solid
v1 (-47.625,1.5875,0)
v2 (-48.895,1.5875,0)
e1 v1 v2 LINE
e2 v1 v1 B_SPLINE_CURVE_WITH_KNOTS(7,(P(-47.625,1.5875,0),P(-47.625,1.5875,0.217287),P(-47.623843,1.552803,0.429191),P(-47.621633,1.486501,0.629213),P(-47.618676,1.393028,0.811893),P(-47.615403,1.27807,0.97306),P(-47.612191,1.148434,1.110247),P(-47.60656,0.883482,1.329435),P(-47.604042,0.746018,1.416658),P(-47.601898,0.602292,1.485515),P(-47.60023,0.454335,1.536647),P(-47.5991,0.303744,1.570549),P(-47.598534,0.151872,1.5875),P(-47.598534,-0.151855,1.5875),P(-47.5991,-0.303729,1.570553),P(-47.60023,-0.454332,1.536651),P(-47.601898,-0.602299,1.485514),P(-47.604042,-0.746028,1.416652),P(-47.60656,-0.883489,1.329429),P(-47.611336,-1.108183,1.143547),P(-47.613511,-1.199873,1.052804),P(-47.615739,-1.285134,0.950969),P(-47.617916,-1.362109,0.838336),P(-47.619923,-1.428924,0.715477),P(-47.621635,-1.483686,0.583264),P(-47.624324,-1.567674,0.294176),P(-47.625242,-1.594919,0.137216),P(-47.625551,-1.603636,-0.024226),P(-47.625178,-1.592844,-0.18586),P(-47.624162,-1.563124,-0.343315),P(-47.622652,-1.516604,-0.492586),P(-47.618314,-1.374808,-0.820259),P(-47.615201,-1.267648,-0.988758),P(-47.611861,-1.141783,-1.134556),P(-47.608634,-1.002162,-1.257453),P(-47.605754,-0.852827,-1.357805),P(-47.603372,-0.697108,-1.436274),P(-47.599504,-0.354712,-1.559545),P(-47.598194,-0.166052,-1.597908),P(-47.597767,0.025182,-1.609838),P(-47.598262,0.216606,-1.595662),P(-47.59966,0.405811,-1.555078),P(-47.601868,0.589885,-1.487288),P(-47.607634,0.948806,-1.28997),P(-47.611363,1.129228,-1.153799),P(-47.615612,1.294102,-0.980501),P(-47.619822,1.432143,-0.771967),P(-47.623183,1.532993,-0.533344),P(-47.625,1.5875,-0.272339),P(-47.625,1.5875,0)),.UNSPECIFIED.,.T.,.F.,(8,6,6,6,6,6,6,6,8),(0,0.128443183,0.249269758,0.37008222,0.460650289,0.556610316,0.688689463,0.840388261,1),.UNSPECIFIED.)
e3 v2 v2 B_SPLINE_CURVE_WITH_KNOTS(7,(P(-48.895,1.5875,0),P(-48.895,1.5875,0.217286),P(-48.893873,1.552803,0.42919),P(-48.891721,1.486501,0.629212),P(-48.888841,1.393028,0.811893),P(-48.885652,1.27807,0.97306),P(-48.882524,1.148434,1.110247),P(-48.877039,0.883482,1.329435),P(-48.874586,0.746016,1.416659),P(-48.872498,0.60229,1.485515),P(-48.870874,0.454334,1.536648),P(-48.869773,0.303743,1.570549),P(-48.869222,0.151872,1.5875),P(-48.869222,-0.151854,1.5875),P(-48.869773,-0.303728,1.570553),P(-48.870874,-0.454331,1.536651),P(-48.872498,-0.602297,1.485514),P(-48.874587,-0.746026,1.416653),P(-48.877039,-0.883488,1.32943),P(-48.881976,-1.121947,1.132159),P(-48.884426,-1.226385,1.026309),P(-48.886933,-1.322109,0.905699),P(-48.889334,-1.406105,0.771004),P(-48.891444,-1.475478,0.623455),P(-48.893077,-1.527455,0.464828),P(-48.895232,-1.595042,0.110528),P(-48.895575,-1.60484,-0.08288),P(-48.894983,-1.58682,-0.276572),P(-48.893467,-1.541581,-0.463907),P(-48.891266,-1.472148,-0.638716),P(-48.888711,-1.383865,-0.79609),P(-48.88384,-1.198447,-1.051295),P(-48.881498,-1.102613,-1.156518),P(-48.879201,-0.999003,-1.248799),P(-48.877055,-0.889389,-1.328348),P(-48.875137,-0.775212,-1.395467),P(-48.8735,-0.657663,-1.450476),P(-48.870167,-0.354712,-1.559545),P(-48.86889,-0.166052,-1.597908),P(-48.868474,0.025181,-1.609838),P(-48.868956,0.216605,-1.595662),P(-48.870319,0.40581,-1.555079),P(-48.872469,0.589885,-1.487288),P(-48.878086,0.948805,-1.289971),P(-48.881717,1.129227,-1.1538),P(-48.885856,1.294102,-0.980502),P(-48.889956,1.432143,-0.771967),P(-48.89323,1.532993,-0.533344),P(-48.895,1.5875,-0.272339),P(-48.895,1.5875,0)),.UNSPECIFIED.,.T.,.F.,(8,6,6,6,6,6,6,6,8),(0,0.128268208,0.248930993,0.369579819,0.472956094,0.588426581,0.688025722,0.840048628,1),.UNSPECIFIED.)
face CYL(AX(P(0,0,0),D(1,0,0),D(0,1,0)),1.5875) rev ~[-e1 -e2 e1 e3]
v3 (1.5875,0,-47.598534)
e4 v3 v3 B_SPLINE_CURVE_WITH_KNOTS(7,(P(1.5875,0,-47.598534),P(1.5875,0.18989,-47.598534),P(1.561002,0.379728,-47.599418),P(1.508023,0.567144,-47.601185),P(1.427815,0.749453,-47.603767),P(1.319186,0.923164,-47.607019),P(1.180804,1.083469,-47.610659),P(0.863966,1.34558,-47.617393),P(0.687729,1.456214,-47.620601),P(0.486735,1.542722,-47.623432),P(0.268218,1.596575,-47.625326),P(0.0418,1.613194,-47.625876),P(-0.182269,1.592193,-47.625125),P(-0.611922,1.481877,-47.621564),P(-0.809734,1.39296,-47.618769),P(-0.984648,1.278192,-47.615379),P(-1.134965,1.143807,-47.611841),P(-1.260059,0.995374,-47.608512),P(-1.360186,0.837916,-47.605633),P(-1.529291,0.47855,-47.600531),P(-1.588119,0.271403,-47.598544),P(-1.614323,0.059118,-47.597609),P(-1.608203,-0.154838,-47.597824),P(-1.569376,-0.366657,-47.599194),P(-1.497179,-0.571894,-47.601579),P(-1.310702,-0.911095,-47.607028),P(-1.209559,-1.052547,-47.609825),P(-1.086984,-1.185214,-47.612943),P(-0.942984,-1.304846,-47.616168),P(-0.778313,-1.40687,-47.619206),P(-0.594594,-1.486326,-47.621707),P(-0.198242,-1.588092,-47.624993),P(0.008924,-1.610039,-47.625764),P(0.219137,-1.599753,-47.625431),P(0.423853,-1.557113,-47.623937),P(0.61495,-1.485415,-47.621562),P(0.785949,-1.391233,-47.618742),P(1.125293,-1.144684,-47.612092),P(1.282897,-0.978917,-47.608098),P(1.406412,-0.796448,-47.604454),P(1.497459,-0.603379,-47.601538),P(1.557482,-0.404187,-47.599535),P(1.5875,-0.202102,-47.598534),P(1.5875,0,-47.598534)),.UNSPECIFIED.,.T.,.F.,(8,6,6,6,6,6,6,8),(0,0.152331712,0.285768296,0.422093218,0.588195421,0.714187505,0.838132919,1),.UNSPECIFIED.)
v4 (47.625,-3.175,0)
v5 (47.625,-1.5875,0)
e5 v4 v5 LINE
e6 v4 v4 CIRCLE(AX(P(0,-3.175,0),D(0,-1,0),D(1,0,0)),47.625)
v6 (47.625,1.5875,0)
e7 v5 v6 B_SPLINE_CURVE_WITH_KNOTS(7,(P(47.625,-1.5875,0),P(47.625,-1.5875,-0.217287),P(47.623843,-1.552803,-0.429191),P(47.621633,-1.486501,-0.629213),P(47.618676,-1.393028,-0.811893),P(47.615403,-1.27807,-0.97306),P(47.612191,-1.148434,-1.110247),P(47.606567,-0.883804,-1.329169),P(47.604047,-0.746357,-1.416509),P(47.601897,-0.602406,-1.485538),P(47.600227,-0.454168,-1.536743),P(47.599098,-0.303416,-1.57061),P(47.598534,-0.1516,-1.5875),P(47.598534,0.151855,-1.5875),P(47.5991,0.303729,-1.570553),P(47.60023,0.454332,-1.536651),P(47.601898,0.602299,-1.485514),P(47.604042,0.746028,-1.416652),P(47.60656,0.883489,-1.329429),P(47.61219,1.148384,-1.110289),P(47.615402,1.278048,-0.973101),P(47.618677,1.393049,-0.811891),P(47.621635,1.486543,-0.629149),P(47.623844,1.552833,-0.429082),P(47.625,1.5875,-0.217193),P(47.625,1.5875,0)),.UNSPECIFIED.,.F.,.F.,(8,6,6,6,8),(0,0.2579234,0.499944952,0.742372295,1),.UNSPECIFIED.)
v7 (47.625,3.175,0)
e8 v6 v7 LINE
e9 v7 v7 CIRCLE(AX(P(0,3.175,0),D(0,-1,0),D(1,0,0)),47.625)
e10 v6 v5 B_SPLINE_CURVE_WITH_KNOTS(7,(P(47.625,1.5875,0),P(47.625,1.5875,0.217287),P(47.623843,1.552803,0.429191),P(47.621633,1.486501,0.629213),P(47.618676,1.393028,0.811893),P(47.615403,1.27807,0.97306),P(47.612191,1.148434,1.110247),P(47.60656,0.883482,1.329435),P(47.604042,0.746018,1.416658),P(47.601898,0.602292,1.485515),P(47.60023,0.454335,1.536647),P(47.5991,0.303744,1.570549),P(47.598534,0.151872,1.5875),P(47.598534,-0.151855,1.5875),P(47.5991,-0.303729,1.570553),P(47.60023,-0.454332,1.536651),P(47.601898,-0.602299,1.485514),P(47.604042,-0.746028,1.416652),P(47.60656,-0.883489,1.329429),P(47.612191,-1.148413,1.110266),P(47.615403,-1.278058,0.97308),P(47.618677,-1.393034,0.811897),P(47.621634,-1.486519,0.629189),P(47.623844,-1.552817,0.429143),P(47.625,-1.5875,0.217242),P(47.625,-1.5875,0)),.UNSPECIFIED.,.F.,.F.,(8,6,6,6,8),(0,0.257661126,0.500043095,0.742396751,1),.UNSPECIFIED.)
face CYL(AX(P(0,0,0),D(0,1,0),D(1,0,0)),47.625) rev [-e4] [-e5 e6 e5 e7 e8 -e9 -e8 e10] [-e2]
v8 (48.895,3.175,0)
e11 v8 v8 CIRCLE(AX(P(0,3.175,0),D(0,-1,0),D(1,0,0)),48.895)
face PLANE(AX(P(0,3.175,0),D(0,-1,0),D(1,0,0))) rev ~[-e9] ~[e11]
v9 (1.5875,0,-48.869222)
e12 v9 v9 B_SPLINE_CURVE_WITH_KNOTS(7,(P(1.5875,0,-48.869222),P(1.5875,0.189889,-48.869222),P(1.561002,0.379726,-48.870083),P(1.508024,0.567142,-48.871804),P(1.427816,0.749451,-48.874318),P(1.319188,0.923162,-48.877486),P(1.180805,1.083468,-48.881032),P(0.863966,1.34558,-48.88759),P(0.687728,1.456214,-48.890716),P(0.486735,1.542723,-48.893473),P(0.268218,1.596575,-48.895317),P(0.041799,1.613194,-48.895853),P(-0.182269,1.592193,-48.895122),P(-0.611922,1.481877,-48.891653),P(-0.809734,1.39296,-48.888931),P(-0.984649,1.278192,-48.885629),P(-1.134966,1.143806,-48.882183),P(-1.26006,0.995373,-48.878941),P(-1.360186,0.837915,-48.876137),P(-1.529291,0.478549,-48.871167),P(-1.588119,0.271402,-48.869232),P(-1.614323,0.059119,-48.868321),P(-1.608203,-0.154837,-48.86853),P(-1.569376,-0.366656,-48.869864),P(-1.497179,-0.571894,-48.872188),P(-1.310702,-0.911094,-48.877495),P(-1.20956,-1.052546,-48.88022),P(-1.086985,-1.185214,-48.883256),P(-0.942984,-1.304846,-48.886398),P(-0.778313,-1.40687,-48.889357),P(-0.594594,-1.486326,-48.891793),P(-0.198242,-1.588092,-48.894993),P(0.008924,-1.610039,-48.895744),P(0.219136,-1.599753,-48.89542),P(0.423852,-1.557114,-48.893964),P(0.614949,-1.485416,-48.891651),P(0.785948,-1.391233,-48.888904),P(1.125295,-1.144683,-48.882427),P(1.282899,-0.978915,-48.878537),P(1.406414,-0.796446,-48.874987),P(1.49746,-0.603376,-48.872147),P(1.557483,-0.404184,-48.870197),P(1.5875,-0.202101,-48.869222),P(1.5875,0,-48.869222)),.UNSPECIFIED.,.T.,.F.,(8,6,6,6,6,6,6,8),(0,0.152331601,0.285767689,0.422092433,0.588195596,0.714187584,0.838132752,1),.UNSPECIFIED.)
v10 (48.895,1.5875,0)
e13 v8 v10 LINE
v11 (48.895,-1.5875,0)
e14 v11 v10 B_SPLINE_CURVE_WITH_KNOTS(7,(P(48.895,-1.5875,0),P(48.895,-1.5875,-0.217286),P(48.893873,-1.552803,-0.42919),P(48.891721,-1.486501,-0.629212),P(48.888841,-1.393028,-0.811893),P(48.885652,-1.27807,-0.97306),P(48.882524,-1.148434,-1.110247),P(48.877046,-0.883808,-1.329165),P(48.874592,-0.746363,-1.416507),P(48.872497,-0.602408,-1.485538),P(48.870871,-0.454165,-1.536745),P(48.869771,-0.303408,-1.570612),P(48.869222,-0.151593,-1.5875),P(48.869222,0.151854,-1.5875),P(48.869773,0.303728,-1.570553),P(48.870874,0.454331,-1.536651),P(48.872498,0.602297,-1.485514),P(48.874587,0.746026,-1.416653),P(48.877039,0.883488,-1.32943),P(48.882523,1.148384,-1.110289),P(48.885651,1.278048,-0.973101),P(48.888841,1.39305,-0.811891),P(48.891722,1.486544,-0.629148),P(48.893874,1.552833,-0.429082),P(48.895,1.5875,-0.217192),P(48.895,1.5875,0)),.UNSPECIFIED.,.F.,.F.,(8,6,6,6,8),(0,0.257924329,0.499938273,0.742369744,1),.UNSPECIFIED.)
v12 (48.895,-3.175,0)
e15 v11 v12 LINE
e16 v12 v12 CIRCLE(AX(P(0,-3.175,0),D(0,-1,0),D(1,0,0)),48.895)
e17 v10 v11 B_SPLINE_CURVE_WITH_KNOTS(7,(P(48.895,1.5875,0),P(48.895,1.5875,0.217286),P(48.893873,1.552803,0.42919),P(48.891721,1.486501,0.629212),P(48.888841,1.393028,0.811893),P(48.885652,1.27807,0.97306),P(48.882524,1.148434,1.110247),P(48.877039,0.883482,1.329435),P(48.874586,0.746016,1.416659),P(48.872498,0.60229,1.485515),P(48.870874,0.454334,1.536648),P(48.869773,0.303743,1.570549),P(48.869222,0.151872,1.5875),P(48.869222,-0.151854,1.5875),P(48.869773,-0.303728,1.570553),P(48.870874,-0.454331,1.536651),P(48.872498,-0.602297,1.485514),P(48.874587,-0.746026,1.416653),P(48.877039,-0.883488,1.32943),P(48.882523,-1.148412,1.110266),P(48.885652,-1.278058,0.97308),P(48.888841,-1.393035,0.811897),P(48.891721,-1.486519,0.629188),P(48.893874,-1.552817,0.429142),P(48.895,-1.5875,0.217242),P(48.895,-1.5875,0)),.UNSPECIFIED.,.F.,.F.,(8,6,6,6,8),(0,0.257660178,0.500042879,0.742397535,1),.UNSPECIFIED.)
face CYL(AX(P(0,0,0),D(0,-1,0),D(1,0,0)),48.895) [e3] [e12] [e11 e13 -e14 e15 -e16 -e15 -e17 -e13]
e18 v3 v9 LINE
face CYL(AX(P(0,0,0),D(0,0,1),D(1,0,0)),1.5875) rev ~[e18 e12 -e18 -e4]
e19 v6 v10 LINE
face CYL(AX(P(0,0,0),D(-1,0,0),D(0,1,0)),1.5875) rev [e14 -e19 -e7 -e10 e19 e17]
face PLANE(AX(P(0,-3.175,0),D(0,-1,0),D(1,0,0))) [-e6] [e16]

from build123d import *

# Parameters (mm, degrees)
F0_R          = 48.895
F0_R_2        = 47.625
F1_DEPTH      = 3.175
F2_R          = 1.5875
F3_DEPTH      = 48.896
F3_DEPTH_BACK = 88.97111
F4_R          = 1.5875
F5_DEPTH      = 48.8960001


with BuildPart() as f1:
    # F0 (on Front) → F1 (new body, symmetric)
    with BuildSketch(Plane.XZ):
        Circle(F0_R)
        Circle(F0_R_2, mode=Mode.SUBTRACT)
    extrude(amount=F1_DEPTH, both=True)

    # F2 (on Right) → F3 (cut, two sides)
    with BuildSketch(Plane.YZ) as f3_sk:
        Circle(F2_R)
    extrude(amount=-F3_DEPTH, mode=Mode.SUBTRACT)
    extrude(f3_sk.sketch, amount=F3_DEPTH_BACK, mode=Mode.SUBTRACT)

    # F4 (on Top) → F5 (cut, through all)
    with BuildSketch(Plane.XY):
        Circle(F4_R)
    extrude(amount=-F5_DEPTH, mode=Mode.SUBTRACT)


solid = f1.part
